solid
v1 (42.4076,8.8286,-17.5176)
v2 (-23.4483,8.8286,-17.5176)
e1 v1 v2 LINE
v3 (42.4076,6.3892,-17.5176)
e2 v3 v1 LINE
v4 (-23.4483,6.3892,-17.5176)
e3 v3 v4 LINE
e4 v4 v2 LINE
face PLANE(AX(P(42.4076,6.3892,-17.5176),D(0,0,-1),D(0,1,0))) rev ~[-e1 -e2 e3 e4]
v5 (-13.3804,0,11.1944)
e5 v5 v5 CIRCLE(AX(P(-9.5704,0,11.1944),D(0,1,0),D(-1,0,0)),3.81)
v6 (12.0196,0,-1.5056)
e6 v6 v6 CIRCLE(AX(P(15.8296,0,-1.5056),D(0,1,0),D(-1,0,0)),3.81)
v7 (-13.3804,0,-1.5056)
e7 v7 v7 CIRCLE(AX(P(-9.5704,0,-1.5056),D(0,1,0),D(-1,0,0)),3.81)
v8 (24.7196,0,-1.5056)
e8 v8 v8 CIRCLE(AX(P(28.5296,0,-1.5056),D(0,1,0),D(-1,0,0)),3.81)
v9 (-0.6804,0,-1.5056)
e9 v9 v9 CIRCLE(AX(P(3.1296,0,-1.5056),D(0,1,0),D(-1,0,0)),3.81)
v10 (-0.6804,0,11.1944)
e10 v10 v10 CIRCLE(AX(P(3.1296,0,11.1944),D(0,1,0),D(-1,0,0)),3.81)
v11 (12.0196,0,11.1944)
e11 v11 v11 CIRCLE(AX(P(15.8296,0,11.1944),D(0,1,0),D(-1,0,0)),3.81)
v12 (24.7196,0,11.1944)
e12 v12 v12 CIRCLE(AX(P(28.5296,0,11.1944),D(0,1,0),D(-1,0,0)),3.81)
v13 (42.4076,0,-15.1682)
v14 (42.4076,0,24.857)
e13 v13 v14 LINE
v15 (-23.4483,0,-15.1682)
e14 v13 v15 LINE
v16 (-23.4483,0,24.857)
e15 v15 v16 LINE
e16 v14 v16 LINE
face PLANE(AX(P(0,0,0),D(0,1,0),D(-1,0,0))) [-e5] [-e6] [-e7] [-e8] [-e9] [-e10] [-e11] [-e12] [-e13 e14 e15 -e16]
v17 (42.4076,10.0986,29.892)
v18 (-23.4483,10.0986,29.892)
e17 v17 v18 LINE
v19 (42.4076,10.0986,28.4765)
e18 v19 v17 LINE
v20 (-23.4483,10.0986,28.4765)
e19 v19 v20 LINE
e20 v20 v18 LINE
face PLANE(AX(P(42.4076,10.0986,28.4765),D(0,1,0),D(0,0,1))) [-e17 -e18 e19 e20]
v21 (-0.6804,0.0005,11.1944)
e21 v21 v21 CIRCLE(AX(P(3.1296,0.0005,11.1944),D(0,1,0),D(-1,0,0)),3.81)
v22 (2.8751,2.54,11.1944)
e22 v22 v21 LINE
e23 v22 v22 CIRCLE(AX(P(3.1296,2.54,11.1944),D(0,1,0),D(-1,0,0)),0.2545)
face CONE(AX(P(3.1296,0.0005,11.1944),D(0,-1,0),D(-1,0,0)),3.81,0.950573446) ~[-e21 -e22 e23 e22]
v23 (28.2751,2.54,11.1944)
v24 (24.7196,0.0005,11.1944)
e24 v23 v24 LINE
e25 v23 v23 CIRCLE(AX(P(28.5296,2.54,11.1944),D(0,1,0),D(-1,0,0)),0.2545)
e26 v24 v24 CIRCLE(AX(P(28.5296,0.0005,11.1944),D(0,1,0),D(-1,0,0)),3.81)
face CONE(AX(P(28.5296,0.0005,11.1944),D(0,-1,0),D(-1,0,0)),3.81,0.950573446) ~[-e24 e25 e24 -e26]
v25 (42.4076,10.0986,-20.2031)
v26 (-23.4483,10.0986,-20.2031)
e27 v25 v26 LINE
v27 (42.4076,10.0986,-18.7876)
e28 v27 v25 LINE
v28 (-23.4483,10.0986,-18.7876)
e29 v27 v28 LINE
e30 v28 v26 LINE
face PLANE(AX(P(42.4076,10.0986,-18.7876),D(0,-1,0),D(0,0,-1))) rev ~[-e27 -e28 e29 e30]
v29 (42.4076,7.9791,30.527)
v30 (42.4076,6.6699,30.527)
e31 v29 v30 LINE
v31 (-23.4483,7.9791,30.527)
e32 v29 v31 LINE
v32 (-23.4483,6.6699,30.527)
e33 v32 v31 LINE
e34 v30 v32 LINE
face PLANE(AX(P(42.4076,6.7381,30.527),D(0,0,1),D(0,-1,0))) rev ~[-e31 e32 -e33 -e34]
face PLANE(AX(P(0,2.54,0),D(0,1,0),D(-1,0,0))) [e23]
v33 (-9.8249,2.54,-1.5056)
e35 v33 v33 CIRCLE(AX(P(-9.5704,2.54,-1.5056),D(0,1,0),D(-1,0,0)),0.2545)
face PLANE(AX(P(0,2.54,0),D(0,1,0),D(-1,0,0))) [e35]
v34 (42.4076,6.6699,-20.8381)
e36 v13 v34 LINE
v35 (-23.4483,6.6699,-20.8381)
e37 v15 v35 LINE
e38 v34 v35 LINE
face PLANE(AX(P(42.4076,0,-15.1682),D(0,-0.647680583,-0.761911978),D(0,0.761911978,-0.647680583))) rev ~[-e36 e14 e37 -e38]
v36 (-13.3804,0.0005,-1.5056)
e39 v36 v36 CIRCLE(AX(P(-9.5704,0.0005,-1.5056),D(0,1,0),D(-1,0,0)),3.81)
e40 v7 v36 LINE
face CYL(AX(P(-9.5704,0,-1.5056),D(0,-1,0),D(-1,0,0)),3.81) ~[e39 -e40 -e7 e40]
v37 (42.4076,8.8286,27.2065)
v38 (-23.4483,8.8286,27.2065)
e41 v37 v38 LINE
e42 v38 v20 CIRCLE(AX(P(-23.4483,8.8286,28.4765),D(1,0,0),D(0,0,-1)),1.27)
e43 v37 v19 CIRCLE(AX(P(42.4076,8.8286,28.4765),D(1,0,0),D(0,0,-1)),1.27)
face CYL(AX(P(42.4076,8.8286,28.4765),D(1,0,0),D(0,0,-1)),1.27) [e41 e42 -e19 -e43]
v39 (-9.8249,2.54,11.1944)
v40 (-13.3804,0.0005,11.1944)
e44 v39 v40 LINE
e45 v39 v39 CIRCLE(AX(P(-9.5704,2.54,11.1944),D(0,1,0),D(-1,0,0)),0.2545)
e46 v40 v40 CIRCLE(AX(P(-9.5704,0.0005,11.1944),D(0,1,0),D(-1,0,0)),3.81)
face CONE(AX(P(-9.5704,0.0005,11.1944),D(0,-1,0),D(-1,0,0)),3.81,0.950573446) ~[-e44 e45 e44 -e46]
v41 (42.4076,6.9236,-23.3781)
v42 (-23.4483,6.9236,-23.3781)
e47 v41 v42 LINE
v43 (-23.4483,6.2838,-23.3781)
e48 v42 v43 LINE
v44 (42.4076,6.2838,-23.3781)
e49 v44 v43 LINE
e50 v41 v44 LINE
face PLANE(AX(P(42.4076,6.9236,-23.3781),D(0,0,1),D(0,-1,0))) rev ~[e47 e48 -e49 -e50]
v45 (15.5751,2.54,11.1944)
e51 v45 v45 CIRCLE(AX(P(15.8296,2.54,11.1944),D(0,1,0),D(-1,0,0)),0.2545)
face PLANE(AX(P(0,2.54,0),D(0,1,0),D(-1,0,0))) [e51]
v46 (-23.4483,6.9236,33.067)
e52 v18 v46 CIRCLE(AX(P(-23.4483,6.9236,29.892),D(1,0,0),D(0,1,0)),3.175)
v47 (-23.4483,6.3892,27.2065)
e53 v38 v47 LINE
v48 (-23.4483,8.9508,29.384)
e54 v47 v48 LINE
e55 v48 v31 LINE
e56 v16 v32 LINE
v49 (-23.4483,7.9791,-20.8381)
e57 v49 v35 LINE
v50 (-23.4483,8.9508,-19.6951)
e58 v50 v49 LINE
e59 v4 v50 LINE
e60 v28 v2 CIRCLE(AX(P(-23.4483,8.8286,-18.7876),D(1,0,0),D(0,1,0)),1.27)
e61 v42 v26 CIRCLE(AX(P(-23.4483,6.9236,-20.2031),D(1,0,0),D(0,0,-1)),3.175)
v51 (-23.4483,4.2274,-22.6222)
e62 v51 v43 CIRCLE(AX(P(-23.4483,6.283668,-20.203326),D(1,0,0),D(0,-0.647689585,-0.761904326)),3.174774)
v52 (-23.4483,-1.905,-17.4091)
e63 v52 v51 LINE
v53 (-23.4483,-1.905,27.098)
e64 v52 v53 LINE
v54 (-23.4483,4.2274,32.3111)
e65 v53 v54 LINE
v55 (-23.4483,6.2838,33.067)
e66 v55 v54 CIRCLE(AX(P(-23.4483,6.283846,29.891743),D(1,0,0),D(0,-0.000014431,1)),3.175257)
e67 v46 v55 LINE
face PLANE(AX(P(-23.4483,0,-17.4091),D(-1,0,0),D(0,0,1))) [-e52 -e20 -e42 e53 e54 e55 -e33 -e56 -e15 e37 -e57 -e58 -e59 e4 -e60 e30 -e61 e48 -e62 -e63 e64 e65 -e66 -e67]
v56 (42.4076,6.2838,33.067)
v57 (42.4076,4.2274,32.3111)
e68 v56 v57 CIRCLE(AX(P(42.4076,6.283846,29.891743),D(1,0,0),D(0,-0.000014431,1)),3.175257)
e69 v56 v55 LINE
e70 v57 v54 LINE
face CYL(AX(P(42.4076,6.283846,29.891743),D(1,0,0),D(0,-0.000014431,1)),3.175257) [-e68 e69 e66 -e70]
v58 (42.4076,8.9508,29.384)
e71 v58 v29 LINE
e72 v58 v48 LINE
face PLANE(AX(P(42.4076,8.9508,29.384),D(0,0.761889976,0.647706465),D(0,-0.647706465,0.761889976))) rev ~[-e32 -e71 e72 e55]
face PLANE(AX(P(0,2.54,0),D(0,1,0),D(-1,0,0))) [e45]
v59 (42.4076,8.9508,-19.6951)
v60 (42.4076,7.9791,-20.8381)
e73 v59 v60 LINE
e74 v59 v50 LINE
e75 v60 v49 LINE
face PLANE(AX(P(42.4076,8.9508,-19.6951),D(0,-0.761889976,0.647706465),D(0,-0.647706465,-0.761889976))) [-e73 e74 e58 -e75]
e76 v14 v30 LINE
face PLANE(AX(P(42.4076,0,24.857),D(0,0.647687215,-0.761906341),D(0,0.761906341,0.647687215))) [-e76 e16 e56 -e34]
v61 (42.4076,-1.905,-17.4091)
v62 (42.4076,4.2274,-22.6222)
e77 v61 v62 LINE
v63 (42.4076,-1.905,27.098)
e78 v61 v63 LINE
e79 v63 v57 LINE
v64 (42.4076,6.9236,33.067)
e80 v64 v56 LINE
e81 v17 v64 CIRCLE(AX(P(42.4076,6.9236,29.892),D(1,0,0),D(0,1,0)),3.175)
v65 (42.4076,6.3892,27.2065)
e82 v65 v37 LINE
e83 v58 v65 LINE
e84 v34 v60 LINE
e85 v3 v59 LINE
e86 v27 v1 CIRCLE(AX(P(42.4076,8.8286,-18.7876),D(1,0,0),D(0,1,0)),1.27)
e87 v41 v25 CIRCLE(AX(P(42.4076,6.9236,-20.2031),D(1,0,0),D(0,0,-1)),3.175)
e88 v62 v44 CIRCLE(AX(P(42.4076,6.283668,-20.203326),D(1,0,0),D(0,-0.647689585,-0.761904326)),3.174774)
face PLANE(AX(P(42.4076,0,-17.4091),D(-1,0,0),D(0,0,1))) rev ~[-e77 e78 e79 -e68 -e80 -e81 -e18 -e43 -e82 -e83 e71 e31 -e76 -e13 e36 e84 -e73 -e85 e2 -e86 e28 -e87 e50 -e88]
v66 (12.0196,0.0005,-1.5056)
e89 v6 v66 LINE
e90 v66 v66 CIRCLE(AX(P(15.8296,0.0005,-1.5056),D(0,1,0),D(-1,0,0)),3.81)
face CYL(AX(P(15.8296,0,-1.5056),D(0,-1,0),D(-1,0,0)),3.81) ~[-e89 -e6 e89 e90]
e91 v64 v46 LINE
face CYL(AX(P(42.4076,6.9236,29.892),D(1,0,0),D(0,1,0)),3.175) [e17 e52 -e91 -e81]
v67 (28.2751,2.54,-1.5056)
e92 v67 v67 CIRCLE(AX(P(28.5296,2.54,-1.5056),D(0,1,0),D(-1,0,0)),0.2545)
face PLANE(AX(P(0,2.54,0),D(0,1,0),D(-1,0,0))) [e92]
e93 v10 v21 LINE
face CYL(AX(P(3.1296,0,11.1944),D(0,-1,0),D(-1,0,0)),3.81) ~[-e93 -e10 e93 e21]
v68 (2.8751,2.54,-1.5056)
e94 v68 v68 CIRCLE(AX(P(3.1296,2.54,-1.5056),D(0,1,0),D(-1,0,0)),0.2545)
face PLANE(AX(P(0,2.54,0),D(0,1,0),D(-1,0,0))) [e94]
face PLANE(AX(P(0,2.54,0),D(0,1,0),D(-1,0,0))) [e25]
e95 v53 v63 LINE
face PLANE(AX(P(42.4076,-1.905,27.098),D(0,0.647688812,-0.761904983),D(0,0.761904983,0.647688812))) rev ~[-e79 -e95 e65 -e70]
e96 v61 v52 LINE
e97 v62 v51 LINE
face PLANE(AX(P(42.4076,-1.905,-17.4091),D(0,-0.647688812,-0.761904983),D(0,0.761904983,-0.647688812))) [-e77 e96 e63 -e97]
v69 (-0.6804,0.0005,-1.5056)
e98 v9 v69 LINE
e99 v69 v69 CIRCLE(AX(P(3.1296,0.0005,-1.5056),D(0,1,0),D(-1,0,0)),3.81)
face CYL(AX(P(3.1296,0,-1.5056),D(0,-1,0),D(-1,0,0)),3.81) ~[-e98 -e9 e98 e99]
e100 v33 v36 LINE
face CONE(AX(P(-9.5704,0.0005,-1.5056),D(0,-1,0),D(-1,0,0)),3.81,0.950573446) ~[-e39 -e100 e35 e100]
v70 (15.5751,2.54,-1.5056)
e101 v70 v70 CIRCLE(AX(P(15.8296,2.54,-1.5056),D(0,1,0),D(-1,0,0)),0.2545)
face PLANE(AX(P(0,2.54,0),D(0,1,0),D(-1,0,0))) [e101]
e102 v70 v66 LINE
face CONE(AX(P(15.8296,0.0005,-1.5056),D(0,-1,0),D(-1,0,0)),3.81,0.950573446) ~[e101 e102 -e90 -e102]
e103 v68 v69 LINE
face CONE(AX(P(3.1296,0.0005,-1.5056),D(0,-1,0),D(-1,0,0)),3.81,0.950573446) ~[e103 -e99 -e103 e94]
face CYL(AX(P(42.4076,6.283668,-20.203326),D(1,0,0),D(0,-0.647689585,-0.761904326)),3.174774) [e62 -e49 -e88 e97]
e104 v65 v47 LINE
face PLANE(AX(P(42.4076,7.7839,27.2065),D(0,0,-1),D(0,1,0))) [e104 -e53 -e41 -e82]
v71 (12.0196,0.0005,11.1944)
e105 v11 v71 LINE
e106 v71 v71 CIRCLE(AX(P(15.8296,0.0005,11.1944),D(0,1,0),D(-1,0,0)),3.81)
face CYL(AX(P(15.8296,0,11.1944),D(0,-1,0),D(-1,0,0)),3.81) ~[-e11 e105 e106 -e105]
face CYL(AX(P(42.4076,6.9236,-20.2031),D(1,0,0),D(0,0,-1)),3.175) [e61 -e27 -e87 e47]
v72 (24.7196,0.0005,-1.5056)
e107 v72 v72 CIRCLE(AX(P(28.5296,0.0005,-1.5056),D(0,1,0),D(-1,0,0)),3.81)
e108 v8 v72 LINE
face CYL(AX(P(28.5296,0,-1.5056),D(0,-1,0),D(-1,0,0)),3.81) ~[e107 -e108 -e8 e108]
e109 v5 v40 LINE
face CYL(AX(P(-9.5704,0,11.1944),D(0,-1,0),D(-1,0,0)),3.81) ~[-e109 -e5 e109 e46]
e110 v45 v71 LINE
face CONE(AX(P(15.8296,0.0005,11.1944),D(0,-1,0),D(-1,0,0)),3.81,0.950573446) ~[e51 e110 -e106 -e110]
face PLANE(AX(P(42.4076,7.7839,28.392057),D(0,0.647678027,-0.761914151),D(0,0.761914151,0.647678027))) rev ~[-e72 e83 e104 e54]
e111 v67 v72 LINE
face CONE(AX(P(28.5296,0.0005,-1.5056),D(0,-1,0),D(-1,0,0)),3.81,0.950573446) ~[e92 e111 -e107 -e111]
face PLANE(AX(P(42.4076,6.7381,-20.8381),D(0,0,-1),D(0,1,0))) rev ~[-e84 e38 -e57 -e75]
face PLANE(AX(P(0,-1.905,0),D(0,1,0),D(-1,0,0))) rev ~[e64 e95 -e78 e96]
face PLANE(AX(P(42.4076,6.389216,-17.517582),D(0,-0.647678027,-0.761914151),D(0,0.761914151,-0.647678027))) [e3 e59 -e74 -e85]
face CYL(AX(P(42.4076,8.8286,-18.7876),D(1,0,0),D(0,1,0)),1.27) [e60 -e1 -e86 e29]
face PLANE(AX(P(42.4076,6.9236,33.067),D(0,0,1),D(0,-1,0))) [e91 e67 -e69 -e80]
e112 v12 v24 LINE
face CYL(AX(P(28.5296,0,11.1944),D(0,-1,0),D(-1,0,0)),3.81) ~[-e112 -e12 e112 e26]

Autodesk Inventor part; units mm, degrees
ref_plane "YZ Plane" through (0, 0, 0) normal (1, 0, 0) x (0, 1, 0)
ref_plane "XZ Plane" through (0, 0, 0) normal (0, 1, 0) x (-1, 0, 0)
ref_plane "XY Plane" through (0, 0, 0) normal (0, 0, 1) x (1, 0, 0)
sketch "Sketch1" plane through (0, 0, 0) normal (0, 1, 0) x (-1, 0, 0)
  line L0 (24.9723, 27.098) -> (-43.9316, 27.098)
  line L1 (-43.9316, 27.098) -> (-43.9316, -17.4091)
  line L2 (-43.9316, -17.4091) -> (24.9723, -17.4091)
  line L3 (24.9723, -17.4091) -> (24.9723, 27.098)
  circle A0 centre (9.5704, -1.5056) radius 3.81
  circle A1 centre (-3.1296, -1.5056) radius 3.81
  circle A2 centre (-15.8296, -1.5056) radius 3.81
  circle A3 centre (-28.5296, -1.5056) radius 3.81
  circle A4 centre (9.5704, 11.1944) radius 3.81
  circle A5 centre (-3.1296, 11.1944) radius 3.81
  circle A6 centre (-15.8296, 11.1944) radius 3.81
  circle A7 centre (-28.5296, 11.1944) radius 3.81
  line L4 (24.9723, -17.4091) -> (23.4483, -17.4091)
  line L5 (23.4483, -17.4091) -> (23.4483, 27.098)
  line L6 (-43.9316, -17.4091) -> (-42.4076, -17.4091)
  line L7 (-42.4076, -17.4091) -> (-42.4076, 27.098)
  point P0 (0, 0)
  dimension "d3" = 12.7
  dimension "d6" = 12.7
  dimension "d9" = 1.524
  dimension "d10" = 1.524
extrude "Extrusion1" add sketch "Sketch1" against normal blind 1.905 contours L5 L2 L7 L0 | A0 | A1 | A2 | A3 | A4 | A5 | A6 | A7
extrude "Extrusion2" add sketch "Sketch1" along normal blind 2.54 contours A0 | A1 | A2 | A3 | A4 | A5 | A6 | A7
chamfer "Chamfer1" distance 3.556 distance2 2.54 1 edges at (-5.7604, 2.54, 11.1944) measured on face at (-7.8424, 2.54, 10.6775)
chamfer "Chamfer2" distance 3.556 distance2 2.54 1 edges at (-5.7604, 2.54, -1.5056) measured on face at (-9.9176, 2.54, -0.5901)
chamfer "Chamfer3" distance 3.556 distance2 2.54 1 edges at (6.9396, 2.54, -1.5056) measured on face at (2.4763, 2.54, -0.5901)
chamfer "Chamfer4" distance 3.556 distance2 2.54 1 edges at (19.6396, 2.54, -1.5056) measured on face at (16.7802, 2.54, -2.3477)
chamfer "Chamfer5" distance 3.556 distance2 2.54 1 edges at (32.3396, 2.54, -1.5056) measured on face at (28.1824, 2.54, -0.5901)
chamfer "Chamfer6" distance 3.556 distance2 2.54 1 edges at (6.9396, 2.54, 11.1944) measured on face at (2.382, 2.54, 9.9337)
chamfer "Chamfer7" distance 3.556 distance2 2.54 1 edges at (19.6396, 2.54, 11.1944) measured on face at (16.7802, 2.54, 10.3523)
chamfer "Chamfer8" distance 3.556 distance2 2.54 1 edges at (32.3396, 2.54, 11.1944) measured on face at (28.1824, 2.54, 12.1099)
sketch "Sketch2" plane through (42.4076, 0, 27.098) normal (1, 0, 0) x (0, 0, -1)
  line L0 (19.1798, 6.2965) -> (19.1798, 7.6808)
  arc A0 (21.1991, 9.7001) -> (19.1798, 7.6808) centre (21.1991, 7.6808) ccw
  line L1 (21.1991, 9.7001) -> (26.1711, 9.7001)
  arc A1 (27.8729, 7.9983) -> (26.1711, 9.7001) centre (26.1711, 7.9983) ccw
  line L2 (27.8729, 7.9983) -> (27.8729, 6.2965)
  arc A2 (27.2379, 5.6615) -> (27.8729, 6.2965) centre (27.2379, 6.2965) ccw
  line L3 (27.2379, 5.6615) -> (19.8148, 5.6615)
  arc A3 (19.1798, 6.2965) -> (19.8148, 5.6615) centre (19.8148, 6.2965) ccw
  line L4 (26.8541, 21.209) -> (26.8541, 19.8247)
  arc A4 (24.8348, 17.8054) -> (26.8541, 19.8247) centre (24.8348, 19.8247) ccw
  line L5 (24.8348, 17.8054) -> (19.8628, 17.8054)
  arc A5 (18.161, 19.5072) -> (19.8628, 17.8054) centre (19.8628, 19.5072) ccw
  line L6 (18.161, 19.5072) -> (18.161, 21.209)
  arc A6 (18.796, 21.844) -> (18.161, 21.209) centre (18.796, 21.209) ccw
  line L7 (18.796, 21.844) -> (26.2191, 21.844)
  arc A7 (26.8541, 21.209) -> (26.2191, 21.844) centre (26.2191, 21.209) ccw
  line L8 (44.5071, 3.302) -> (0, 3.302)
  line L9 (44.5071, 3.302) -> (47.4281, 6.7381)
  line L10 (47.4281, 6.7381) -> (47.4281, 7.7839)
  line L11 (44.5071, 7.7839) -> (44.5071, 27.94)
  line L12 (42.6021, 27.94) -> (44.5071, 27.94)
  line L13 (42.6021, 26.9875) -> (42.6021, 27.94)
  line L14 (42.6021, 26.9875) -> (43.5546, 26.9875)
  line L15 (43.5546, 26.035) -> (43.5546, 26.9875)
  line L16 (0.9525, 26.035) -> (43.5546, 26.035)
  line L17 (0.9525, 26.035) -> (0.9525, 26.9875)
  line L18 (0.9525, 26.9875) -> (1.905, 26.9875)
  line L19 (1.905, 26.9875) -> (1.905, 27.94)
  line L20 (0, 27.94) -> (1.905, 27.94)
  line L21 (0, 7.7839) -> (0, 27.94)
  line L22 (0, 7.7839) -> (-2.921, 7.7839)
  line L23 (-2.921, 7.7839) -> (-2.921, 6.7381)
  line L24 (-2.921, 6.7381) -> (0, 3.302)
  line L25 (0, 0) -> (44.5071, 0) projected
  line L26 (0, -1.905) -> (-5.2131, 4.2274)
  line L27 (0, 3.302) -> (2.807, 0)
  line L28 (2.807, 0) -> (2.241, 0)
  line L29 (2.241, 0) -> (-3.429, 6.6699)
  line L30 (-2.921, 6.7381) -> (-3.429, 6.7381)
  line L31 (-3.429, 6.7381) -> (-3.429, 6.6699)
  line L32 (-3.429, 6.7381) -> (-3.429, 7.7839)
  line L33 (-3.429, 7.7839) -> (-3.429, 8.2919)
  line L34 (-2.921, 7.7839) -> (-1.651, 7.7839)
  line L35 (-1.651, 7.7839) -> (0, 5.8417)
  line L36 (-5.969, 8.2919) -> (-5.969, 5.6615)
  line L37 (-5.8869, 5.0201) -> (-5.969, 5.1167)
  line L38 (-5.969, 5.6615) -> (-5.969, 6.2838)
  line L39 (0, 6.2616) -> (-2.286, 8.9508)
  line L40 (-2.286, 8.9508) -> (-3.429, 7.9791)
  line L41 (-0.1085, 6.3892) -> (-0.1085, 8.8286)
  line L42 (-1.3785, 10.0986) -> (-2.794, 10.0986)
  line L43 (-5.969, 6.9236) -> (-5.969, 8.2919)
  arc A8 (-2.794, 10.0986) -> (-5.969, 6.9236) centre (-2.794, 6.9236) ccw
  line L44 (47.4281, 7.7839) -> (47.4281, 6.7381)
  line L45 (47.4281, 6.7381) -> (47.9361, 6.7381)
  line L46 (47.9361, 6.7381) -> (47.9361, 6.6699)
  line L47 (47.9361, 6.7381) -> (47.9361, 7.7839)
  line L48 (47.9361, 7.7839) -> (47.9361, 8.2919)
  line L49 (46.7931, 8.9508) -> (47.9361, 7.9791)
  arc A9 (50.4761, 6.9236) -> (47.3011, 10.0986) centre (47.3011, 6.9236) ccw
  line L50 (50.4761, 6.9236) -> (50.4761, 8.2919)
  line L51 (50.4761, 8.2919) -> (50.4761, 6.2838)
  line L52 (50.4761, 5.6615) -> (50.4761, 5.1167)
  line L53 (50.394, 5.0201) -> (50.4761, 5.1167)
  line L54 (47.4281, 6.7381) -> (44.5071, 3.302)
  line L55 (41.7002, 0) -> (42.2662, 0)
  line L56 (44.6156, 6.3892) -> (44.6156, 8.8286)
  line L57 (44.5071, 3.302) -> (41.7002, 0)
  line L58 (44.5071, 6.2616) -> (46.7931, 8.9508)
  line L59 (45.8856, 10.0986) -> (47.3011, 10.0986)
  line L60 (42.2662, 0) -> (47.9361, 6.6699)
  line L61 (44.5071, -1.905) -> (49.7202, 4.2274)
  line L62 (44.5071, 0) -> (44.5071, -1.905) projected
  line L63 (0, 0) -> (0, -1.905) projected
  line L64 (0, -1.905) -> (0, 0)
  line L65 (0, 0) -> (2.241, 0)
  line L66 (44.5071, -1.905) -> (44.5071, 0)
  line L67 (44.5071, 0) -> (42.2662, 0)
  arc A10 (-5.969, 6.2838) -> (-5.2131, 4.2274) centre (-2.794, 6.2838) ccw
  arc A11 (49.7202, 4.2274) -> (50.4761, 6.2838) centre (47.3011, 6.2838) ccw
  arc A12 (-0.1085, 8.8286) -> (-1.3785, 10.0986) centre (-1.3785, 8.8286) ccw
  arc A13 (45.8856, 10.0986) -> (44.6156, 8.8286) centre (45.8856, 8.8286) ccw
  point P0 (27.098, 0)
  point P1 (2.3019, 5.207)
  point P2 (-0.1085, 10.0986)
  point P3 (58.983, -0.9263)
  point P4 (58.983, -2.8313)
  point P5 (42.2053, 5.207)
  point P6 (44.6156, 10.0986)
  point P7 (50.4761, 6.9236)
  point P8 (-1.2941, 7.7839)
  point P9 (-0.1085, 7.7839)
  dimension "d41" = 3.302
  dimension "d42" = 0.508
  dimension "d43" = 0.508
  dimension "d44" = 1.27
  dimension "d45" = 2.54
  dimension "d46" = 3.175
  dimension "d53" = 3.175
  dimension "d56" = 1.27
extrude "Extrusion3" add sketch "Sketch2" against normal up to surface (65.8559 mm away) contours L47 L48 L49 L58 L56 A13 L59 A9 L51 A11 L61 L62 L25 L60 L46 | L31 L29 L25 L63 L26 A10 L36 A8 L42 A12 L41 L22 L39 L40 L33 L32 | L22 L41 L39
properties part number "ControllerClamp"
